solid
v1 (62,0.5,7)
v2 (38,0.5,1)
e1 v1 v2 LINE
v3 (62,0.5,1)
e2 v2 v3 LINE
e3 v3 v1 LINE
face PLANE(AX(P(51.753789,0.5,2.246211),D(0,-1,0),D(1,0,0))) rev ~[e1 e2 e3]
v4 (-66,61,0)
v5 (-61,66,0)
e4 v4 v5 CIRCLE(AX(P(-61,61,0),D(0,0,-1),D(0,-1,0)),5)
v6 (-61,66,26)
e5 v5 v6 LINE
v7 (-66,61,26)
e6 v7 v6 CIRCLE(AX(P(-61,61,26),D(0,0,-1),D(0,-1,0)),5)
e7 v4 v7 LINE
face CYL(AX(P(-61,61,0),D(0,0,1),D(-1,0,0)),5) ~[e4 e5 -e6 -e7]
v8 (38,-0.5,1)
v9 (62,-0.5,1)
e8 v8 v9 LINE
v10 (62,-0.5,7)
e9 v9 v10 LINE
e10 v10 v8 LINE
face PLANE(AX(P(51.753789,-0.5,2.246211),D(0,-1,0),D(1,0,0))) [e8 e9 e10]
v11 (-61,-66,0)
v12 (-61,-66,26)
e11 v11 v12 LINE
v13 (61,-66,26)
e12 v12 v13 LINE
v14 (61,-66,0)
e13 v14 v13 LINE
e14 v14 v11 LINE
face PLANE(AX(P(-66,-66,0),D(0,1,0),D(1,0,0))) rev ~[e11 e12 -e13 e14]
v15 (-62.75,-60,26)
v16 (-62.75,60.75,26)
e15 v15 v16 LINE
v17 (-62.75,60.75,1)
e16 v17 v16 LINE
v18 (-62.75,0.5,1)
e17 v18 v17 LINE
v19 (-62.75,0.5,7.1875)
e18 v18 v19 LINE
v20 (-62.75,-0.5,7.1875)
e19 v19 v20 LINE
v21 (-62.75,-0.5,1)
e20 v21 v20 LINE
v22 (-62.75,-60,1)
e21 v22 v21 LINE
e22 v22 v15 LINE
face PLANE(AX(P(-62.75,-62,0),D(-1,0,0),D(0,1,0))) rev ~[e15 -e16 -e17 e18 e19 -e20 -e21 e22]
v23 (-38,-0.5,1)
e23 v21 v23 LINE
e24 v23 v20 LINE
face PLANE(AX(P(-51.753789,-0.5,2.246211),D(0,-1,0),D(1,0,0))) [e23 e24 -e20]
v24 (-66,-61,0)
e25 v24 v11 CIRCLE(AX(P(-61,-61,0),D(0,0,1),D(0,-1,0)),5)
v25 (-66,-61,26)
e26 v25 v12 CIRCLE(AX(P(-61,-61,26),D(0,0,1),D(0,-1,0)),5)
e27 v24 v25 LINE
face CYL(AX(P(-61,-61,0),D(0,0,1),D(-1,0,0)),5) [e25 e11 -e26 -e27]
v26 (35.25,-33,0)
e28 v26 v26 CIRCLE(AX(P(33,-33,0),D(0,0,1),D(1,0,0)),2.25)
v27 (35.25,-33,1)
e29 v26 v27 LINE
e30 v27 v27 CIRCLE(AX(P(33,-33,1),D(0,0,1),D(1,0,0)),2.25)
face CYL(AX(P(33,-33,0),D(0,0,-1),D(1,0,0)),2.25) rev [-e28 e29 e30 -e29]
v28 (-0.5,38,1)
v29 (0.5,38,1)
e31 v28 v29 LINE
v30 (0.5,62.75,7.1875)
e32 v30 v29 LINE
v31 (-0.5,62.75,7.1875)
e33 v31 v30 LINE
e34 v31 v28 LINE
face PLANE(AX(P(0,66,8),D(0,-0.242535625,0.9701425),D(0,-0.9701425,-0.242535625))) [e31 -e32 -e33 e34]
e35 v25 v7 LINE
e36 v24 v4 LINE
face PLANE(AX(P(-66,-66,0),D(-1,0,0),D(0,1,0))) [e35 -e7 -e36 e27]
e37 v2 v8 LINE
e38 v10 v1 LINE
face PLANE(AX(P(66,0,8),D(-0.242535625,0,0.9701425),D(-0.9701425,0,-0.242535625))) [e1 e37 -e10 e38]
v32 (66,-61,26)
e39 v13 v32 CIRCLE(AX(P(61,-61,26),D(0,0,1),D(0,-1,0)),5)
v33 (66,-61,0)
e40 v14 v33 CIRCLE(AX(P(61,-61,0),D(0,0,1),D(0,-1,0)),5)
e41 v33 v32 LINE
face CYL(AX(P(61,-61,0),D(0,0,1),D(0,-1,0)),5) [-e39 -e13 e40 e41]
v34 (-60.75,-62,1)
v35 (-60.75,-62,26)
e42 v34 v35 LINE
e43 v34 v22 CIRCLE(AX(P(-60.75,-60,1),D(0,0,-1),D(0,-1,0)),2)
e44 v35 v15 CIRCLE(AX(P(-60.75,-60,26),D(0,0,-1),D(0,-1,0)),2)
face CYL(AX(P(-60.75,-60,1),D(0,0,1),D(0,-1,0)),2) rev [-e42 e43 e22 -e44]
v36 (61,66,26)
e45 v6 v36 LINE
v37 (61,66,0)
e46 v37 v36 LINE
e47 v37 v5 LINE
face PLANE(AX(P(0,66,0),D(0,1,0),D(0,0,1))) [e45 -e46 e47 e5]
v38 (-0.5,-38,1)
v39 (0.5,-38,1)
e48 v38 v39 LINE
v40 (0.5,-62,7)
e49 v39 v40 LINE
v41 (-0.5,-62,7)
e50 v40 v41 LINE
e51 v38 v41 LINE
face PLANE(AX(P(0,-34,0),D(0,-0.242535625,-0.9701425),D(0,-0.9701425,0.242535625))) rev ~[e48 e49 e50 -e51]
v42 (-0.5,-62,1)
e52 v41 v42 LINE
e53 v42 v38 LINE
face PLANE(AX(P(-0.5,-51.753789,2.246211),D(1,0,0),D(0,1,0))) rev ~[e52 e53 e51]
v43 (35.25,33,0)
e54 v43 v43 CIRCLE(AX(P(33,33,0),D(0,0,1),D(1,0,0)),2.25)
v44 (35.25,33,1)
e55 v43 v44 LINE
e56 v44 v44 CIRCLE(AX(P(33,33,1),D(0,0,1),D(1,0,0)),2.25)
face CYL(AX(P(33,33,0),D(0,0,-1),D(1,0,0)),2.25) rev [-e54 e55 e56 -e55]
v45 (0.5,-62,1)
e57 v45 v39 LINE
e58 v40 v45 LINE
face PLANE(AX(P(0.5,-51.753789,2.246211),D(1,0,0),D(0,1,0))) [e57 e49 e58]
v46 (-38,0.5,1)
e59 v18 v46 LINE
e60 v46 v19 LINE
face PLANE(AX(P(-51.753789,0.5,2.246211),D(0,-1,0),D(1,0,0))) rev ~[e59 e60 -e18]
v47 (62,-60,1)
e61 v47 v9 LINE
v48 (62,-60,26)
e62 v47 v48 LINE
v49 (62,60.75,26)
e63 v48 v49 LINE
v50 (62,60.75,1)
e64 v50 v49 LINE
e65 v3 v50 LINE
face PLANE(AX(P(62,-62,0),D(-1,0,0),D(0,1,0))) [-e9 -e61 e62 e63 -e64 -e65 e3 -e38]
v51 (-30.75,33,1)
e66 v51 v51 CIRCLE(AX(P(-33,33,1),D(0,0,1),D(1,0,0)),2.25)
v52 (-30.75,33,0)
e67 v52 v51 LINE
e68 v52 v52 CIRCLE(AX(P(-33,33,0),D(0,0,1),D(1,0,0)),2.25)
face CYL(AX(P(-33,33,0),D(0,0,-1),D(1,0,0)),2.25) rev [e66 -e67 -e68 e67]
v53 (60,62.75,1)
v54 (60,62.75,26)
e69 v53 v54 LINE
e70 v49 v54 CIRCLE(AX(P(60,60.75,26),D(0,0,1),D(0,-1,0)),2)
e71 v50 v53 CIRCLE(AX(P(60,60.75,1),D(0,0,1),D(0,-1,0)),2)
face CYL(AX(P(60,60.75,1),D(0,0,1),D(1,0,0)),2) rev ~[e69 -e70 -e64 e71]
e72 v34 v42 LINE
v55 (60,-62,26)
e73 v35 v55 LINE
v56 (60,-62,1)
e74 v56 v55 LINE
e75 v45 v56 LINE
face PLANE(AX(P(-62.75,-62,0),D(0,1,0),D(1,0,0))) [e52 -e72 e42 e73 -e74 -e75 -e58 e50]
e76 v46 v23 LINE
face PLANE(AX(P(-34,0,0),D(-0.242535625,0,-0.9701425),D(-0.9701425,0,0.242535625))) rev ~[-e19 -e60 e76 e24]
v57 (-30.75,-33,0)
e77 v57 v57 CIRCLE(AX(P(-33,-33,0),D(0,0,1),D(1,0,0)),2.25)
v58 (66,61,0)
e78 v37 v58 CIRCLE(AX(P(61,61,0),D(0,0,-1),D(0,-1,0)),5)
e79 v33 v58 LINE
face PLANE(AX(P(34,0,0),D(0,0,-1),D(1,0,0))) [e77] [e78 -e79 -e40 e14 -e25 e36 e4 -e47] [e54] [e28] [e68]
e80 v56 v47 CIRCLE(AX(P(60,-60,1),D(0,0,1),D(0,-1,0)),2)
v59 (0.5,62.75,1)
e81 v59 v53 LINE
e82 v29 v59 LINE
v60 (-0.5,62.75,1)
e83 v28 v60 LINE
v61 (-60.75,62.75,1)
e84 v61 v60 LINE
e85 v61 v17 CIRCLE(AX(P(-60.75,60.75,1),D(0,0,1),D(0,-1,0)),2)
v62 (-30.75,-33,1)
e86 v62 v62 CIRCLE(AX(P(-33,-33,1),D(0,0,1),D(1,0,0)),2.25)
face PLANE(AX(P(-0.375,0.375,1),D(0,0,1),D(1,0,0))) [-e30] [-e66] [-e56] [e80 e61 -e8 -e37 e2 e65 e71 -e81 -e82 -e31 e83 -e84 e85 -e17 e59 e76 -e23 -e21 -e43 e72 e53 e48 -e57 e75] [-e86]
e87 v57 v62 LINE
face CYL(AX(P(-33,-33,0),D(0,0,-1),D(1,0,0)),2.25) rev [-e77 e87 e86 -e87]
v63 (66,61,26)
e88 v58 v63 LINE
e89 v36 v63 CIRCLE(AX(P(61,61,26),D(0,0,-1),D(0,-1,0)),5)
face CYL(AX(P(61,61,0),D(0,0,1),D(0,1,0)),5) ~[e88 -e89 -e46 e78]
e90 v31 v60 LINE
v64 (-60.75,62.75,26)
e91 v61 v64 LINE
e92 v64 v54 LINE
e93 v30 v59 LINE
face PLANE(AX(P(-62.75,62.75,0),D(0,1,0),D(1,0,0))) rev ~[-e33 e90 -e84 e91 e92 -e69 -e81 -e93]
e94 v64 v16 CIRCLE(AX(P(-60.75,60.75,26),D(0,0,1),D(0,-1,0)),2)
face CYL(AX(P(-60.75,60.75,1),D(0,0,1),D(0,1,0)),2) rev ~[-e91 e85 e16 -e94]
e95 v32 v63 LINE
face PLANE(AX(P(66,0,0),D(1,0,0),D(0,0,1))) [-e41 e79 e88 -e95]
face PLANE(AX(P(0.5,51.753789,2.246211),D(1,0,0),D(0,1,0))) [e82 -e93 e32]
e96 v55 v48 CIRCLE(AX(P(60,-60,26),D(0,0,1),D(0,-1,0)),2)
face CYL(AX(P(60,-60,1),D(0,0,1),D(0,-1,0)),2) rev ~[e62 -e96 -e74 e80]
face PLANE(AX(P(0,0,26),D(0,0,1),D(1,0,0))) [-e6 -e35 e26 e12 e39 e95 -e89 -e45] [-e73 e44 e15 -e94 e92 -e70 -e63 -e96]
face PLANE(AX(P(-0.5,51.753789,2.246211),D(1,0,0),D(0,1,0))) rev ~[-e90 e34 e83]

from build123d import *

# Parameters (mm, degrees)
F0_W     = 124.75
F0_H     = 124.75
F0_R     = 2.25
F1_DEPTH = 1
F0_W_2   = 132
F0_H_2   = 132
F2_DEPTH = 26
F4_DEPTH = 0.5
F6_DEPTH = 0.5
F7_R     = 2
F8_R     = 5


with BuildPart() as f1:
    # F0 (on Top) → F1 (new body)
    with BuildSketch(Plane.XY):
        with Locations((-0.375, 0.375)):
            Rectangle(F0_W, F0_H)
        with Locations((-33, -33)):
            Circle(F0_R, mode=Mode.SUBTRACT)
        with Locations((33, -33)):
            Circle(F0_R, mode=Mode.SUBTRACT)
        with Locations((-33, 33)):
            Circle(F0_R, mode=Mode.SUBTRACT)
        with Locations((33, 33)):
            Circle(F0_R, mode=Mode.SUBTRACT)
    extrude(amount=F1_DEPTH)

    # F0 (on Top) → F2 (join)
    with BuildSketch(Plane.XY):
        Rectangle(F0_W_2, F0_H_2)
        with Locations((-0.375, 0.375)):
            Rectangle(F0_W, F0_H, mode=Mode.SUBTRACT)
    extrude(amount=F2_DEPTH)

    # F3 (on Right) → F4 (join, symmetric)
    with BuildSketch(Plane.YZ):
        Polygon((-66, 0), (-34, 0), (-66, 8), align=None)
        Polygon((34, 0), (66, 0), (66, 8), align=None)
    extrude(amount=F4_DEPTH, both=True)

    # F5 (on Front) → F6 (join, symmetric)
    with BuildSketch(Plane.XZ):
        Polygon((-34, 0), (-66, 8), (-66, 0), align=None)
        Polygon((66, 8), (34, 0), (66, 0), align=None)
    extrude(amount=F6_DEPTH, both=True)

    # F7
    f7_edges = [f1.edges().sort_by_distance(p)[0] for p in [
        (-62.75, 62.75, 13.5),
        (62, 62.75, 13.5),
        (62, -62, 13.5),
        (-62.75, -62, 13.5),
    ]]
    fillet(f7_edges, radius=F7_R)

    # F8
    f8_edges = [f1.edges().sort_by_distance(p)[0] for p in [
        (-66, -66, 13),
        (66, -66, 13),
        (66, 66, 13),
        (-66, 66, 13),
    ]]
    fillet(f8_edges, radius=F8_R)


solid = f1.part
